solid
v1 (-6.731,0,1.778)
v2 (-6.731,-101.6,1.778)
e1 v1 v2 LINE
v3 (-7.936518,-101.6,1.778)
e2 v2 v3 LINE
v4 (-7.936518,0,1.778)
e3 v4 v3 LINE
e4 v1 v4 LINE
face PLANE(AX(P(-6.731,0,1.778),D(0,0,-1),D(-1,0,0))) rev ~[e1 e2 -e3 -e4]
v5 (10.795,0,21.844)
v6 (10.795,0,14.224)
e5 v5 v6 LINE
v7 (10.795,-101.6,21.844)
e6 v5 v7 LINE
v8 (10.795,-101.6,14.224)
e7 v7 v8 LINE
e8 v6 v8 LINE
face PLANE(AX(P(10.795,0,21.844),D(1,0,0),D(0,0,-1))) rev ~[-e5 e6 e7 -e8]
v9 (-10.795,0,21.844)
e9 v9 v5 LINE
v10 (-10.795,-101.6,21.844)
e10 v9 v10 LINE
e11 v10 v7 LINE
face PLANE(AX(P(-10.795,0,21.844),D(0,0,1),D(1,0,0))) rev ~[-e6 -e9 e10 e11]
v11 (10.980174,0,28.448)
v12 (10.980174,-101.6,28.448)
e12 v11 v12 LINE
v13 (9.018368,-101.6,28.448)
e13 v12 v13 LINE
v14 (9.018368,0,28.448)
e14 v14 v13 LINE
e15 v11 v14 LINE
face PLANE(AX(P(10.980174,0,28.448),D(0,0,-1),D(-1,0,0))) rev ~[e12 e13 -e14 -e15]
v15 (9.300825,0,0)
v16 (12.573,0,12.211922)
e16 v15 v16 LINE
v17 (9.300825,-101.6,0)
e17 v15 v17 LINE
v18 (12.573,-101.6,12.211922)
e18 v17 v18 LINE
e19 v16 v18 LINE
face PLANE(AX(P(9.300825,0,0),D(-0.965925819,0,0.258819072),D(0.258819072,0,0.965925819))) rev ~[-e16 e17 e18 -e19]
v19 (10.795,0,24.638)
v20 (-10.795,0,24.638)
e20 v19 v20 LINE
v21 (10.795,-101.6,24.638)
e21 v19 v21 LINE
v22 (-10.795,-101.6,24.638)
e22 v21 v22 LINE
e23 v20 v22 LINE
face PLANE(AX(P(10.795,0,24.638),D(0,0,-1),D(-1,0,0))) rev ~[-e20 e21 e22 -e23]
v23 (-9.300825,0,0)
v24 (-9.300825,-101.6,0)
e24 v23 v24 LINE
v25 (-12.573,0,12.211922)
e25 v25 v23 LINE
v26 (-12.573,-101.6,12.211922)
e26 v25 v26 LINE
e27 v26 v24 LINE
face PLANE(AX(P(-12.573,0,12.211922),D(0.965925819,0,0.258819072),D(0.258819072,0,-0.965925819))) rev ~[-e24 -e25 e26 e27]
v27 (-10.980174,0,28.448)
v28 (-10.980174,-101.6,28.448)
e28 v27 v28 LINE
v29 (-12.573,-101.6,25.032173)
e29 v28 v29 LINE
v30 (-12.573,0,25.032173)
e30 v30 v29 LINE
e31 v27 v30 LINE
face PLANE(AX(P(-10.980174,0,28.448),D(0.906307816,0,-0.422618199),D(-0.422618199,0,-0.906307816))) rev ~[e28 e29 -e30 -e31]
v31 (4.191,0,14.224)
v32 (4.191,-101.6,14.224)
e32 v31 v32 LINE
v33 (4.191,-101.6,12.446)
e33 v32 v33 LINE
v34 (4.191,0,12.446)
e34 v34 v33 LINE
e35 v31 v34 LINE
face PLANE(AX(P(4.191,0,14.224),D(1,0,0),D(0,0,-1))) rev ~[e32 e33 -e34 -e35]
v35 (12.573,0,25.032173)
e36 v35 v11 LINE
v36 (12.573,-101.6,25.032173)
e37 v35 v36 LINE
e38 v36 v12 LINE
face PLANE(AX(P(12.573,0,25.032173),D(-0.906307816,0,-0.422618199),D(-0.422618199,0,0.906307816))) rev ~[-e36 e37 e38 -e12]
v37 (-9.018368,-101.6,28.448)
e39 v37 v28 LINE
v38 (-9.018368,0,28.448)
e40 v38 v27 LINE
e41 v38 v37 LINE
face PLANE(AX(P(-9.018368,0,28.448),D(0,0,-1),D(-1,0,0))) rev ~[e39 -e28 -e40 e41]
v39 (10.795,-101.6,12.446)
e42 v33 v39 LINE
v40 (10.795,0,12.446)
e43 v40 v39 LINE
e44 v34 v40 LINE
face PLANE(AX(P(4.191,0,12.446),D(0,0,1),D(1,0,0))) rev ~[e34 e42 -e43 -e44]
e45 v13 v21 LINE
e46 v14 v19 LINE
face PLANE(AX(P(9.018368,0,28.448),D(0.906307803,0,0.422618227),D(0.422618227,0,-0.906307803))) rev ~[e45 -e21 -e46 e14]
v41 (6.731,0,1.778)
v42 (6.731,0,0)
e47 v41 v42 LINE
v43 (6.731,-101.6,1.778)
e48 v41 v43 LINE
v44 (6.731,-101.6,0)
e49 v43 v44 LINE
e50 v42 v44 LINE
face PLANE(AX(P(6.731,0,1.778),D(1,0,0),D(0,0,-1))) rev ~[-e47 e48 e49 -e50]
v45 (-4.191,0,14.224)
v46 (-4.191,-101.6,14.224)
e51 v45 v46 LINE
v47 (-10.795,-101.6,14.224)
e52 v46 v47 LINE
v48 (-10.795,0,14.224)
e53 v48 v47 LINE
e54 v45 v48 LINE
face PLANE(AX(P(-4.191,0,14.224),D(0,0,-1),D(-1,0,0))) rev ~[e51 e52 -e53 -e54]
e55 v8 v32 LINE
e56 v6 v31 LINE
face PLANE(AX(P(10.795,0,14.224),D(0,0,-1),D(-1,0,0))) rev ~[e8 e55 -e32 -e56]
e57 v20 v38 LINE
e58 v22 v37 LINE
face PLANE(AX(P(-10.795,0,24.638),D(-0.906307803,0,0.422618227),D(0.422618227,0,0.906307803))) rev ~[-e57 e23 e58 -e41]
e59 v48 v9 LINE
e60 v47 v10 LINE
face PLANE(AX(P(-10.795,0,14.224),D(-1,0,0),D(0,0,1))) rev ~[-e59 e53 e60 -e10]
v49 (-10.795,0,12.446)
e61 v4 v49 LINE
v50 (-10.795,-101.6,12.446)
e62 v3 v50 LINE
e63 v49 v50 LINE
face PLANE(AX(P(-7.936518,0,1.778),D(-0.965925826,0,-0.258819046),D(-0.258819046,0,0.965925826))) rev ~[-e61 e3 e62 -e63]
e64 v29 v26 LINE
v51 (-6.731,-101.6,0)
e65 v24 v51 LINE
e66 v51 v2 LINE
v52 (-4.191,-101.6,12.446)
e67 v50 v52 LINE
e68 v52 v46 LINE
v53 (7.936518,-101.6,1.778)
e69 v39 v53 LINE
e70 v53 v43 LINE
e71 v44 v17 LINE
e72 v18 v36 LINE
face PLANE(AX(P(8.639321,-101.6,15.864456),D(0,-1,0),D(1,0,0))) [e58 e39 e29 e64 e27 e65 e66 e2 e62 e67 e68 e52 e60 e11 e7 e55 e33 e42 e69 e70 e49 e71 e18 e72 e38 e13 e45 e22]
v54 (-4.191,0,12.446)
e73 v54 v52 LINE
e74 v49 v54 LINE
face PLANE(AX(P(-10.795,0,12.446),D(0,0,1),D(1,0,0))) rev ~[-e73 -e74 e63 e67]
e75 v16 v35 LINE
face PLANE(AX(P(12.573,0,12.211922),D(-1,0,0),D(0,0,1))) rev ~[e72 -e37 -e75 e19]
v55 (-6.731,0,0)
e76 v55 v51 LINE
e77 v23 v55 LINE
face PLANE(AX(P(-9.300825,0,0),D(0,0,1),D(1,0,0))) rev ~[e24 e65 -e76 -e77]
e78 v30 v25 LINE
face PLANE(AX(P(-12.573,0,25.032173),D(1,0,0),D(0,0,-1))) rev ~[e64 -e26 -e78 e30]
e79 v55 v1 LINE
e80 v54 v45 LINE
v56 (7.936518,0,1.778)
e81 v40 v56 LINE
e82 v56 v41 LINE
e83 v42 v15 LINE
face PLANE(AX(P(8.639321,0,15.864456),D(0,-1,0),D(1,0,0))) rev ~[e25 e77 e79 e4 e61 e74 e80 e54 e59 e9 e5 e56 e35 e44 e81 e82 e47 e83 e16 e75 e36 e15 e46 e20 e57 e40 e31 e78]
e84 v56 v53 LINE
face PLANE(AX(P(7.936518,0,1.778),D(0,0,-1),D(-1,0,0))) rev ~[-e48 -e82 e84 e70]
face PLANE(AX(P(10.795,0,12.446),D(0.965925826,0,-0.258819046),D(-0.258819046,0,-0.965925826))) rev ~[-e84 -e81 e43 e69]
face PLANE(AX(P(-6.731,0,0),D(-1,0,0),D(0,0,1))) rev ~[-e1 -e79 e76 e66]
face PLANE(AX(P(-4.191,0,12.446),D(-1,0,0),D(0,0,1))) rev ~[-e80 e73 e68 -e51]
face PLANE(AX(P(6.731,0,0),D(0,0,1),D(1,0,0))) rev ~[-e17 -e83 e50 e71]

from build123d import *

# Parameters (mm, degrees)
F1_DEPTH = 101.6


with BuildPart() as f1:
    # F0 (on Front) → F1 (new body)
    with BuildSketch(Plane.XZ):
        Polygon((12.573, 25.032173), (10.980174, 28.448), (9.018368, 28.448), (10.795, 24.638), (0, 24.638), (0, 21.844), (10.795, 21.844), (10.795, 14.224), (4.191, 14.224), (4.191, 12.446), (10.795, 12.446), (7.936518, 1.778), (6.731, 1.778), (6.731, 0), (9.300825, 0), (12.573, 12.211922), align=None)
        Polygon((0, 21.844), (0, 24.638), (-10.795, 24.638), (-9.018368, 28.448), (-10.980174, 28.448), (-12.573, 25.032173), (-12.573, 12.211922), (-9.300825, 0), (-6.731, 0), (-6.731, 1.778), (-7.936518, 1.778), (-10.795, 12.446), (-4.191, 12.446), (-4.191, 14.224), (-10.795, 14.224), (-10.795, 21.844), align=None)
    extrude(amount=F1_DEPTH)


solid = f1.part
